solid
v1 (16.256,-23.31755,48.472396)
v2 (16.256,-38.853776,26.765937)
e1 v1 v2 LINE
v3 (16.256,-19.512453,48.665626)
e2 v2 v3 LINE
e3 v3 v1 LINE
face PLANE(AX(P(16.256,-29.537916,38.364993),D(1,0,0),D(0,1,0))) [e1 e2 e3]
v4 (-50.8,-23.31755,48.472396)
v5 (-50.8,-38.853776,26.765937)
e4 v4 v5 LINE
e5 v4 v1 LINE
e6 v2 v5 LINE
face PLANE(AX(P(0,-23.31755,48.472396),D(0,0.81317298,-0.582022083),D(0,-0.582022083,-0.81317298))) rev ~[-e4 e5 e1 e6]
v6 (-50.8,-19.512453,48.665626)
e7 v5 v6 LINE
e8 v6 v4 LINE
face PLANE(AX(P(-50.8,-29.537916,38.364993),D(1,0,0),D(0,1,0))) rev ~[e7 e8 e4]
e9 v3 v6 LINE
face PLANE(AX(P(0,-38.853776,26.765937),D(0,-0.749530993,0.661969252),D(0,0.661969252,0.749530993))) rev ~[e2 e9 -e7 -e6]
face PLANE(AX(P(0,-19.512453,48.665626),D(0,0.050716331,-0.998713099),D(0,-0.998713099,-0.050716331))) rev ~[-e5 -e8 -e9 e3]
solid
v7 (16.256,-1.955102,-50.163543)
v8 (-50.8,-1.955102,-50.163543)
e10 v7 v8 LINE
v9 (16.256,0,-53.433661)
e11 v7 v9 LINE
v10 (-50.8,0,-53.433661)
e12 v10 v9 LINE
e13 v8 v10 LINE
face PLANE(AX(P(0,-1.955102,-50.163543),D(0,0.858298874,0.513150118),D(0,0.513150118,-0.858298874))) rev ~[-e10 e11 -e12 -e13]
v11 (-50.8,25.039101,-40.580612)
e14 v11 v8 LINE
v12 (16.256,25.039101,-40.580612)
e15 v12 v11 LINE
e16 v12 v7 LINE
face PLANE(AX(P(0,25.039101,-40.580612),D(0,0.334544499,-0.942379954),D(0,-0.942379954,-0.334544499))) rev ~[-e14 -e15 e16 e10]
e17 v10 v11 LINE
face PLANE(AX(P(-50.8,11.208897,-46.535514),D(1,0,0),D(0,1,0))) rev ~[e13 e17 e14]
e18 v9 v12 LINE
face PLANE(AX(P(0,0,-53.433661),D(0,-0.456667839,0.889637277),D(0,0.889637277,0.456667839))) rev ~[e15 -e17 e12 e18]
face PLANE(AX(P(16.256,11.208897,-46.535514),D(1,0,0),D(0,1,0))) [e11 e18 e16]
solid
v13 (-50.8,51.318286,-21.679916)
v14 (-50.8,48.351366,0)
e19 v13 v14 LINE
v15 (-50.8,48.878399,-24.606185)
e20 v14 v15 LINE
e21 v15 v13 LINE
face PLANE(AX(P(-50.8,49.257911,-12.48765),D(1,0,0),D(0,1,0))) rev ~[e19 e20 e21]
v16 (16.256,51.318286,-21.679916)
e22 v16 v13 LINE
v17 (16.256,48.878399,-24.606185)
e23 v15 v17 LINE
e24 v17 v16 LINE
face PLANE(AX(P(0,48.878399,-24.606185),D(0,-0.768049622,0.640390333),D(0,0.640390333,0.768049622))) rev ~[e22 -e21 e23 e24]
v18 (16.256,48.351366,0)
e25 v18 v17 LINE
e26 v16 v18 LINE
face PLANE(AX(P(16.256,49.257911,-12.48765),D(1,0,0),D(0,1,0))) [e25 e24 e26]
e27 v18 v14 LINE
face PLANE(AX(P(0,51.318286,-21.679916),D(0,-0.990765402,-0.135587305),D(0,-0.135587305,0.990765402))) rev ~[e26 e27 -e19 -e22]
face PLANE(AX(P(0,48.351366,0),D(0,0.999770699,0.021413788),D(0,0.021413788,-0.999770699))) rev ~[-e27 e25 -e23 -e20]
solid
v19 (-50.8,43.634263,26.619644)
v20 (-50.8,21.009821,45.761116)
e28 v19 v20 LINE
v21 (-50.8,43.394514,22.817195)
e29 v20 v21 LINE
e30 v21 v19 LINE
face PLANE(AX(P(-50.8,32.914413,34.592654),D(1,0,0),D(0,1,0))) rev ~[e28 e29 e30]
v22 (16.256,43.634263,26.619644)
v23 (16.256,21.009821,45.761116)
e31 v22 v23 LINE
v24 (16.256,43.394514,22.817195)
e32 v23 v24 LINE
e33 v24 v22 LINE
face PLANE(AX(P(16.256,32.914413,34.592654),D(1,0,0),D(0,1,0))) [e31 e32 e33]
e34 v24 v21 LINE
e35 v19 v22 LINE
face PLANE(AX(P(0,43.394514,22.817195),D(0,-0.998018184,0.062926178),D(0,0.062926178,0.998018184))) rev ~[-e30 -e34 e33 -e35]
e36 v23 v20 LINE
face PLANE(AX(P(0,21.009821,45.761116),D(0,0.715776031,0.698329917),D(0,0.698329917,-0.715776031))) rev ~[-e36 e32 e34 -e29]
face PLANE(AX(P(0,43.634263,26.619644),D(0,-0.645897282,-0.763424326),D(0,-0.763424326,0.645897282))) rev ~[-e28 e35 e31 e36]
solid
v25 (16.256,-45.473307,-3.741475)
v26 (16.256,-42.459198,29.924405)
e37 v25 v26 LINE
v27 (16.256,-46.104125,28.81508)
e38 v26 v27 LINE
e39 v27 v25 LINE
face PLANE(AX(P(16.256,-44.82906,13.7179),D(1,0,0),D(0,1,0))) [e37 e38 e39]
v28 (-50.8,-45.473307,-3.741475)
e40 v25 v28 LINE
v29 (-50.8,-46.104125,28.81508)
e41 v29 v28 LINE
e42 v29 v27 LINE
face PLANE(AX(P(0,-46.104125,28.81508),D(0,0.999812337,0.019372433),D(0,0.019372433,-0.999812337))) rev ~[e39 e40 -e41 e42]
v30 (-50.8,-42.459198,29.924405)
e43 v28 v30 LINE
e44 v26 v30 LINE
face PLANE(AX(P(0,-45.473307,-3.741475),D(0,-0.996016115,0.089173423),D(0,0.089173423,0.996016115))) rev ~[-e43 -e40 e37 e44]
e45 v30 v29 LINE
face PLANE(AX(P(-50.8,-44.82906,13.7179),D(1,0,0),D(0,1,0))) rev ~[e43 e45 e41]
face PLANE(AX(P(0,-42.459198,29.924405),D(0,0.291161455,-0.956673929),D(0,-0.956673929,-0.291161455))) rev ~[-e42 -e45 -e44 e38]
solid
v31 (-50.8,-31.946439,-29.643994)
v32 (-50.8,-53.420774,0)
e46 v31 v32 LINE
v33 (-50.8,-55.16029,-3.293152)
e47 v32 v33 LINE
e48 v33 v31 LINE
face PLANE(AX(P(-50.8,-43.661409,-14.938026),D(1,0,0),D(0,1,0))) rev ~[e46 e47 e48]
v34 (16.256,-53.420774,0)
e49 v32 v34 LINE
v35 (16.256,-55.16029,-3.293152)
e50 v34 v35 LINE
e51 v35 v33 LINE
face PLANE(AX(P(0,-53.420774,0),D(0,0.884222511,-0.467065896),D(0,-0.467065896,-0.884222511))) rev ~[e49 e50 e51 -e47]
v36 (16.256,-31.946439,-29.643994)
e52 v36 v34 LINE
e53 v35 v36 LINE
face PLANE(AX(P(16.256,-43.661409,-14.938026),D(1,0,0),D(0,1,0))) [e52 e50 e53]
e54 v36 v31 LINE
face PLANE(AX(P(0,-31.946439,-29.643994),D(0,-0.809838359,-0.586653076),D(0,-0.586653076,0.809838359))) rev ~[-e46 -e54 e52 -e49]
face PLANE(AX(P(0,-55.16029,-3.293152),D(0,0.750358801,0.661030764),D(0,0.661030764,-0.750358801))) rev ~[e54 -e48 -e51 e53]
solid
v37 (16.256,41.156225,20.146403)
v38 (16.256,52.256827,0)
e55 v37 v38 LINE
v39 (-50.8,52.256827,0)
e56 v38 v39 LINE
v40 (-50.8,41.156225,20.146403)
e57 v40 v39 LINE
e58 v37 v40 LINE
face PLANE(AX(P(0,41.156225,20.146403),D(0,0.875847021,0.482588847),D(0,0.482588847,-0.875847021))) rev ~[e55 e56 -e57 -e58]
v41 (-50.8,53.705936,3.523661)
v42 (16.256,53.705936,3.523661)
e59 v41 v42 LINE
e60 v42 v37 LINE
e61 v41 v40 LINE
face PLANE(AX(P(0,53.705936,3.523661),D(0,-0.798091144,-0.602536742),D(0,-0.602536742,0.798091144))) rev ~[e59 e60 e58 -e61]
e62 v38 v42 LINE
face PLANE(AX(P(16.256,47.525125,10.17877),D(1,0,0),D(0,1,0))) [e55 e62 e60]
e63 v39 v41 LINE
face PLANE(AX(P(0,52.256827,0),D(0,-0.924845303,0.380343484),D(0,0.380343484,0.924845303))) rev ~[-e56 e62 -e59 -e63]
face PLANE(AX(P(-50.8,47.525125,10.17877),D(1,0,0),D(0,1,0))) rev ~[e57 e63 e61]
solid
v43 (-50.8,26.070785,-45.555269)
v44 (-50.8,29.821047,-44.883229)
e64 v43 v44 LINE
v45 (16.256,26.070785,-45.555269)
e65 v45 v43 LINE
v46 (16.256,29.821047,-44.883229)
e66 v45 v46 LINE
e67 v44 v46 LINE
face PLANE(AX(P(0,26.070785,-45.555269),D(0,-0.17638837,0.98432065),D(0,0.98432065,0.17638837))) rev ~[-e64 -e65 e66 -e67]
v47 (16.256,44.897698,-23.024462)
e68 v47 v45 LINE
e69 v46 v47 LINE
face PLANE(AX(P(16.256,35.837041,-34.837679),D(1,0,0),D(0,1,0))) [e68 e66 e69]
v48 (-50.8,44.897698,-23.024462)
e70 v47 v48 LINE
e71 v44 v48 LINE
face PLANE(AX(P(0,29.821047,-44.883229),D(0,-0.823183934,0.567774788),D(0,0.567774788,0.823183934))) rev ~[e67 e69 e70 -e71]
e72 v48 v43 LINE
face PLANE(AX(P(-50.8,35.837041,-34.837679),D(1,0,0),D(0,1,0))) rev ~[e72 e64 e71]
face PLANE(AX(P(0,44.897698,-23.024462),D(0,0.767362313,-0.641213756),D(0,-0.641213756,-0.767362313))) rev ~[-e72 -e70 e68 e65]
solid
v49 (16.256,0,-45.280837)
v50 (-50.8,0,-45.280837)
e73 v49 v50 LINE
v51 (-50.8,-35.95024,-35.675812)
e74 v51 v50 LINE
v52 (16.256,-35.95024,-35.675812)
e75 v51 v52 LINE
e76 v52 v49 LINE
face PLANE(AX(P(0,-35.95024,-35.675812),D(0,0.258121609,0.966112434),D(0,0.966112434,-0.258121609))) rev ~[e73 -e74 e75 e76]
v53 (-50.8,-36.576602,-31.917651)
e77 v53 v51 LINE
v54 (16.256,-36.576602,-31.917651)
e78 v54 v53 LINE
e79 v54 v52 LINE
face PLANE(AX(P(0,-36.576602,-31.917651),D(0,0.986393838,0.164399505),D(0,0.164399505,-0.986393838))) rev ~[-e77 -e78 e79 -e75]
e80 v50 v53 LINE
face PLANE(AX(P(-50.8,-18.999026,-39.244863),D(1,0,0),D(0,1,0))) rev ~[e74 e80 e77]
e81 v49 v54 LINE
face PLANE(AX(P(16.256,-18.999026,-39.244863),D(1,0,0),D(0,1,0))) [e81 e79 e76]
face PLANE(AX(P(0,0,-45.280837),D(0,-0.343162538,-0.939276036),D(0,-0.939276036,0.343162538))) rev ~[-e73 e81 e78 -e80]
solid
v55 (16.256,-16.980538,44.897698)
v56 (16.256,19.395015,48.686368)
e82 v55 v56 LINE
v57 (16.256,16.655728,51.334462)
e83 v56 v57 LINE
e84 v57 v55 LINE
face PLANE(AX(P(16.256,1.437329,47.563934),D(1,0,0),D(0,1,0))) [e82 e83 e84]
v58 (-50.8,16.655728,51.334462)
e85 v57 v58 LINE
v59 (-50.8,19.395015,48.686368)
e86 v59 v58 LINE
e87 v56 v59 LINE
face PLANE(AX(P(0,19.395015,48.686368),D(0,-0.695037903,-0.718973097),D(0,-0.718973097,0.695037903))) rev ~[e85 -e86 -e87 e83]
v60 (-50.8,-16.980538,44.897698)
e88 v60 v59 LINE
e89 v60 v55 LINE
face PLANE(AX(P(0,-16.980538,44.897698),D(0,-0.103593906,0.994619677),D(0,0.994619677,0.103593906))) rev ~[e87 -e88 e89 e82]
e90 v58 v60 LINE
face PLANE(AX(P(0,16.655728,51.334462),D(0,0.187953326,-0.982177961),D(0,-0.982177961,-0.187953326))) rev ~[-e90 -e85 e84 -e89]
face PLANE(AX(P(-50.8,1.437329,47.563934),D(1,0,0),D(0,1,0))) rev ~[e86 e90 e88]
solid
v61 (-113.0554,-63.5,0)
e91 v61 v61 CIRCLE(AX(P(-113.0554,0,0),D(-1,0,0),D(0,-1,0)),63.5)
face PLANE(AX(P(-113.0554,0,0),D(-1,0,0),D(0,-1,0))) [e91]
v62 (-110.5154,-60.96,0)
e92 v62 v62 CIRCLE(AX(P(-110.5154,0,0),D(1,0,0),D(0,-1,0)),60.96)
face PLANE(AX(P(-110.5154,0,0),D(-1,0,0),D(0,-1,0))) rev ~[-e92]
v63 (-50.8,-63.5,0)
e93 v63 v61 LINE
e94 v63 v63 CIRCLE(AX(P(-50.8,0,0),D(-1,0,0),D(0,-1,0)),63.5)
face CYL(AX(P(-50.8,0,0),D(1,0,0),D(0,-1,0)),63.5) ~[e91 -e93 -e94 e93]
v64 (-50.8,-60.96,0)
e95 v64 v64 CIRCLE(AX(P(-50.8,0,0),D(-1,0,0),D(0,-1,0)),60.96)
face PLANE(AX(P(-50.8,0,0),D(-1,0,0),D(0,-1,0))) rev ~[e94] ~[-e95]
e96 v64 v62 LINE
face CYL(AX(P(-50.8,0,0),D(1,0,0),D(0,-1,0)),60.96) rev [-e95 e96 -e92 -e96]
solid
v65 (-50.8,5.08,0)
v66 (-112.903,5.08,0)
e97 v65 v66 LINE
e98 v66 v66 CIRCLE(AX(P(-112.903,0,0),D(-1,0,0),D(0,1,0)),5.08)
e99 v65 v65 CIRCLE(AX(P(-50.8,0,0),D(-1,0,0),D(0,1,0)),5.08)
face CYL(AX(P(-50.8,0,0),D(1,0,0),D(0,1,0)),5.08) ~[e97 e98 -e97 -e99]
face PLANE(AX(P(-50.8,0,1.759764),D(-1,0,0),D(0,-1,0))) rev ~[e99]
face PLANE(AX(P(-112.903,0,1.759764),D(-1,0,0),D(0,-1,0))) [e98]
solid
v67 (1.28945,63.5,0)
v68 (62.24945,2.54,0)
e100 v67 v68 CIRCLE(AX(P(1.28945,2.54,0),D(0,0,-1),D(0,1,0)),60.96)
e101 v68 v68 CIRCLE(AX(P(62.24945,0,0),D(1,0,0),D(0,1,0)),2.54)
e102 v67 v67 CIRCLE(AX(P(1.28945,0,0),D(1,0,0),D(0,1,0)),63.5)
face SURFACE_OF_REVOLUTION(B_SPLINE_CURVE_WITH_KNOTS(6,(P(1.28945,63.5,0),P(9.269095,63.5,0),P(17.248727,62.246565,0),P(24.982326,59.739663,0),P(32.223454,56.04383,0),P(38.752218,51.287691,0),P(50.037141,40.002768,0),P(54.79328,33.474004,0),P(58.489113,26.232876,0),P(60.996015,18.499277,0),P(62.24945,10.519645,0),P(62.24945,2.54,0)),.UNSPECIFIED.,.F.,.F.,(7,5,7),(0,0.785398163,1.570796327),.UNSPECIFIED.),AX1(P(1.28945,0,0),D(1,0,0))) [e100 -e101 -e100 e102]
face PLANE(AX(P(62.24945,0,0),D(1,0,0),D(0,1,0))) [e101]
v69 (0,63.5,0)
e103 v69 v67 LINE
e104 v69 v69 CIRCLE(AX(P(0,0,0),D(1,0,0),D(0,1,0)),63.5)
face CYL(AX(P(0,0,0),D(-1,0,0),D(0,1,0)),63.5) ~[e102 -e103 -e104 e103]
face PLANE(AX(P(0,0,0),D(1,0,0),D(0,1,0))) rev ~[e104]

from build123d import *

# Parameters (mm, degrees)
F0_R          = 63.5
F1_DEPTH      = 62.24945
F2_R          = 60.96
F4_DEPTH      = 50.8
F4_DEPTH_BACK = 16.256
F5_R          = 63.5
F6_DEPTH      = 62.2554
F7_T          = -2.54
F9_DEPTH      = 62.103


with BuildPart() as f1:
    # F0 (on Right) → F1 (new body)
    with BuildSketch(Plane.YZ):
        Circle(F0_R)
    extrude(amount=F1_DEPTH)

    # F2
    f2_edges = [f1.edges().sort_by_distance(p)[0] for p in [
        (62.24945, -63.5, 0),
    ]]
    fillet(f2_edges, radius=F2_R)


with BuildPart() as f4:
    # F3 (on Right) → F4 (new body, two sides)
    with BuildSketch(Plane.YZ) as f4_sk:
        Polygon((-1.955101948, -50.163542701), (0, -53.4336614103), (25.0391010195, -40.580611676), align=None)
    extrude(amount=-F4_DEPTH)
    extrude(f4_sk.sketch, amount=F4_DEPTH_BACK)


with BuildPart() as f4b:
    # F3 (on Right) → F4, piece 2 (new body, two sides)
    with BuildSketch(Plane.YZ) as f4_2_sk:
        Polygon((26.0707854024, -45.5552686947), (29.8210470804, -44.8832290032), (44.897697866, -23.0244621634), align=None)
    extrude(amount=-F4_DEPTH)
    extrude(f4_2_sk.sketch, amount=F4_DEPTH_BACK)


with BuildPart() as f4c:
    # F3 (on Right) → F4, piece 3 (new body, two sides)
    with BuildSketch(Plane.YZ) as f4_3_sk:
        Polygon((52.2568273798, 0), (53.7059360548, 3.5236606034), (41.1562249064, 20.1464034617), align=None)
    extrude(amount=-F4_DEPTH)
    extrude(f4_3_sk.sketch, amount=F4_DEPTH_BACK)


with BuildPart() as f4d:
    # F3 (on Right) → F4, piece 4 (new body, two sides)
    with BuildSketch(Plane.YZ) as f4_4_sk:
        Polygon((43.3945142875, 22.8171946295), (43.6342630245, 26.6196439116), (21.0098214447, 45.761115849), align=None)
    extrude(amount=-F4_DEPTH)
    extrude(f4_4_sk.sketch, amount=F4_DEPTH_BACK)


with BuildPart() as f4e:
    # F3 (on Right) → F4, piece 5 (new body, two sides)
    with BuildSketch(Plane.YZ) as f4_5_sk:
        Polygon((16.6557277501, 51.3344621912), (-16.9805381447, 44.897697866), (19.3950152489, 48.6863677823), align=None)
    extrude(amount=-F4_DEPTH)
    extrude(f4_5_sk.sketch, amount=F4_DEPTH_BACK)


with BuildPart() as f4f:
    # F3 (on Right) → F4, piece 6 (new body, two sides)
    with BuildSketch(Plane.YZ) as f4_6_sk:
        Polygon((48.3513660729, 0), (48.8783985368, -24.6061846119), (51.3182857052, -21.6799155529), align=None)
    extrude(amount=-F4_DEPTH)
    extrude(f4_6_sk.sketch, amount=F4_DEPTH_BACK)


with BuildPart() as f4g:
    # F3 (on Right) → F4, piece 7 (new body, two sides)
    with BuildSketch(Plane.YZ) as f4_7_sk:
        Polygon((-19.5124534153, 48.6656255959), (-23.3175503217, 48.4723963729), (-38.8537757099, 26.7659369856), align=None)
    extrude(amount=-F4_DEPTH)
    extrude(f4_7_sk.sketch, amount=F4_DEPTH_BACK)


with BuildPart() as f4h:
    # F3 (on Right) → F4, piece 8 (new body, two sides)
    with BuildSketch(Plane.YZ) as f4_8_sk:
        Polygon((-42.459197757, 29.9244048684), (-46.1041254278, 28.8150797244), (-45.4733073711, -3.7414748222), align=None)
    extrude(amount=-F4_DEPTH)
    extrude(f4_8_sk.sketch, amount=F4_DEPTH_BACK)


with BuildPart() as f4i:
    # F3 (on Right) → F4, piece 9 (new body, two sides)
    with BuildSketch(Plane.YZ) as f4_9_sk:
        Polygon((-31.946439296, -29.6439938247), (-53.4207742141, 0), (-55.1602899412, -3.2931519431), align=None)
    extrude(amount=-F4_DEPTH)
    extrude(f4_9_sk.sketch, amount=F4_DEPTH_BACK)


with BuildPart() as f4j:
    # F3 (on Right) → F4, piece 10 (new body, two sides)
    with BuildSketch(Plane.YZ) as f4_10_sk:
        Polygon((-36.5766024575, -31.9176514561), (-35.9502403438, -35.6758119772), (0, -45.280836776), align=None)
    extrude(amount=-F4_DEPTH)
    extrude(f4_10_sk.sketch, amount=F4_DEPTH_BACK)


with BuildPart() as f6:
    # F5 (on face) → F6 (new body)
    with BuildSketch(Plane(origin=(-50.8, 0, 0), x_dir=(0, -1, 0), z_dir=(-1, 0, 0))):
        Circle(F5_R)
    extrude(amount=F6_DEPTH)

    # F7
    f7_openings = [f6.faces().sort_by_distance(p)[0] for p in [
        (-50.8, 0, 0),
    ]]
    offset(amount=F7_T, openings=f7_openings)


with BuildPart() as f9:
    # F8 (on face) → F9 (new body)
    with BuildSketch(Plane(origin=(-50.8, 0, 0), x_dir=(0, -1, 0), z_dir=(-1, 0, 0))):
        with BuildLine():
            Line((-5.08, 0), (0, 0))
            Line((0, 0), (5.08, 0))
            ThreePointArc((5.08, 0), (0, 5.08), (-5.08, 0))
        make_face()
        with BuildLine():
            Line((5.08, 0), (0, 0))
            Line((0, 0), (-5.08, 0))
            ThreePointArc((-5.08, 0), (0, -5.08), (5.08, 0))
        make_face()
    extrude(amount=F9_DEPTH)


solid = Compound([f1.part, f4.part, f4b.part, f4c.part, f4d.part, f4e.part, f4f.part, f4g.part, f4h.part, f4i.part, f4j.part, f6.part, f9.part])
